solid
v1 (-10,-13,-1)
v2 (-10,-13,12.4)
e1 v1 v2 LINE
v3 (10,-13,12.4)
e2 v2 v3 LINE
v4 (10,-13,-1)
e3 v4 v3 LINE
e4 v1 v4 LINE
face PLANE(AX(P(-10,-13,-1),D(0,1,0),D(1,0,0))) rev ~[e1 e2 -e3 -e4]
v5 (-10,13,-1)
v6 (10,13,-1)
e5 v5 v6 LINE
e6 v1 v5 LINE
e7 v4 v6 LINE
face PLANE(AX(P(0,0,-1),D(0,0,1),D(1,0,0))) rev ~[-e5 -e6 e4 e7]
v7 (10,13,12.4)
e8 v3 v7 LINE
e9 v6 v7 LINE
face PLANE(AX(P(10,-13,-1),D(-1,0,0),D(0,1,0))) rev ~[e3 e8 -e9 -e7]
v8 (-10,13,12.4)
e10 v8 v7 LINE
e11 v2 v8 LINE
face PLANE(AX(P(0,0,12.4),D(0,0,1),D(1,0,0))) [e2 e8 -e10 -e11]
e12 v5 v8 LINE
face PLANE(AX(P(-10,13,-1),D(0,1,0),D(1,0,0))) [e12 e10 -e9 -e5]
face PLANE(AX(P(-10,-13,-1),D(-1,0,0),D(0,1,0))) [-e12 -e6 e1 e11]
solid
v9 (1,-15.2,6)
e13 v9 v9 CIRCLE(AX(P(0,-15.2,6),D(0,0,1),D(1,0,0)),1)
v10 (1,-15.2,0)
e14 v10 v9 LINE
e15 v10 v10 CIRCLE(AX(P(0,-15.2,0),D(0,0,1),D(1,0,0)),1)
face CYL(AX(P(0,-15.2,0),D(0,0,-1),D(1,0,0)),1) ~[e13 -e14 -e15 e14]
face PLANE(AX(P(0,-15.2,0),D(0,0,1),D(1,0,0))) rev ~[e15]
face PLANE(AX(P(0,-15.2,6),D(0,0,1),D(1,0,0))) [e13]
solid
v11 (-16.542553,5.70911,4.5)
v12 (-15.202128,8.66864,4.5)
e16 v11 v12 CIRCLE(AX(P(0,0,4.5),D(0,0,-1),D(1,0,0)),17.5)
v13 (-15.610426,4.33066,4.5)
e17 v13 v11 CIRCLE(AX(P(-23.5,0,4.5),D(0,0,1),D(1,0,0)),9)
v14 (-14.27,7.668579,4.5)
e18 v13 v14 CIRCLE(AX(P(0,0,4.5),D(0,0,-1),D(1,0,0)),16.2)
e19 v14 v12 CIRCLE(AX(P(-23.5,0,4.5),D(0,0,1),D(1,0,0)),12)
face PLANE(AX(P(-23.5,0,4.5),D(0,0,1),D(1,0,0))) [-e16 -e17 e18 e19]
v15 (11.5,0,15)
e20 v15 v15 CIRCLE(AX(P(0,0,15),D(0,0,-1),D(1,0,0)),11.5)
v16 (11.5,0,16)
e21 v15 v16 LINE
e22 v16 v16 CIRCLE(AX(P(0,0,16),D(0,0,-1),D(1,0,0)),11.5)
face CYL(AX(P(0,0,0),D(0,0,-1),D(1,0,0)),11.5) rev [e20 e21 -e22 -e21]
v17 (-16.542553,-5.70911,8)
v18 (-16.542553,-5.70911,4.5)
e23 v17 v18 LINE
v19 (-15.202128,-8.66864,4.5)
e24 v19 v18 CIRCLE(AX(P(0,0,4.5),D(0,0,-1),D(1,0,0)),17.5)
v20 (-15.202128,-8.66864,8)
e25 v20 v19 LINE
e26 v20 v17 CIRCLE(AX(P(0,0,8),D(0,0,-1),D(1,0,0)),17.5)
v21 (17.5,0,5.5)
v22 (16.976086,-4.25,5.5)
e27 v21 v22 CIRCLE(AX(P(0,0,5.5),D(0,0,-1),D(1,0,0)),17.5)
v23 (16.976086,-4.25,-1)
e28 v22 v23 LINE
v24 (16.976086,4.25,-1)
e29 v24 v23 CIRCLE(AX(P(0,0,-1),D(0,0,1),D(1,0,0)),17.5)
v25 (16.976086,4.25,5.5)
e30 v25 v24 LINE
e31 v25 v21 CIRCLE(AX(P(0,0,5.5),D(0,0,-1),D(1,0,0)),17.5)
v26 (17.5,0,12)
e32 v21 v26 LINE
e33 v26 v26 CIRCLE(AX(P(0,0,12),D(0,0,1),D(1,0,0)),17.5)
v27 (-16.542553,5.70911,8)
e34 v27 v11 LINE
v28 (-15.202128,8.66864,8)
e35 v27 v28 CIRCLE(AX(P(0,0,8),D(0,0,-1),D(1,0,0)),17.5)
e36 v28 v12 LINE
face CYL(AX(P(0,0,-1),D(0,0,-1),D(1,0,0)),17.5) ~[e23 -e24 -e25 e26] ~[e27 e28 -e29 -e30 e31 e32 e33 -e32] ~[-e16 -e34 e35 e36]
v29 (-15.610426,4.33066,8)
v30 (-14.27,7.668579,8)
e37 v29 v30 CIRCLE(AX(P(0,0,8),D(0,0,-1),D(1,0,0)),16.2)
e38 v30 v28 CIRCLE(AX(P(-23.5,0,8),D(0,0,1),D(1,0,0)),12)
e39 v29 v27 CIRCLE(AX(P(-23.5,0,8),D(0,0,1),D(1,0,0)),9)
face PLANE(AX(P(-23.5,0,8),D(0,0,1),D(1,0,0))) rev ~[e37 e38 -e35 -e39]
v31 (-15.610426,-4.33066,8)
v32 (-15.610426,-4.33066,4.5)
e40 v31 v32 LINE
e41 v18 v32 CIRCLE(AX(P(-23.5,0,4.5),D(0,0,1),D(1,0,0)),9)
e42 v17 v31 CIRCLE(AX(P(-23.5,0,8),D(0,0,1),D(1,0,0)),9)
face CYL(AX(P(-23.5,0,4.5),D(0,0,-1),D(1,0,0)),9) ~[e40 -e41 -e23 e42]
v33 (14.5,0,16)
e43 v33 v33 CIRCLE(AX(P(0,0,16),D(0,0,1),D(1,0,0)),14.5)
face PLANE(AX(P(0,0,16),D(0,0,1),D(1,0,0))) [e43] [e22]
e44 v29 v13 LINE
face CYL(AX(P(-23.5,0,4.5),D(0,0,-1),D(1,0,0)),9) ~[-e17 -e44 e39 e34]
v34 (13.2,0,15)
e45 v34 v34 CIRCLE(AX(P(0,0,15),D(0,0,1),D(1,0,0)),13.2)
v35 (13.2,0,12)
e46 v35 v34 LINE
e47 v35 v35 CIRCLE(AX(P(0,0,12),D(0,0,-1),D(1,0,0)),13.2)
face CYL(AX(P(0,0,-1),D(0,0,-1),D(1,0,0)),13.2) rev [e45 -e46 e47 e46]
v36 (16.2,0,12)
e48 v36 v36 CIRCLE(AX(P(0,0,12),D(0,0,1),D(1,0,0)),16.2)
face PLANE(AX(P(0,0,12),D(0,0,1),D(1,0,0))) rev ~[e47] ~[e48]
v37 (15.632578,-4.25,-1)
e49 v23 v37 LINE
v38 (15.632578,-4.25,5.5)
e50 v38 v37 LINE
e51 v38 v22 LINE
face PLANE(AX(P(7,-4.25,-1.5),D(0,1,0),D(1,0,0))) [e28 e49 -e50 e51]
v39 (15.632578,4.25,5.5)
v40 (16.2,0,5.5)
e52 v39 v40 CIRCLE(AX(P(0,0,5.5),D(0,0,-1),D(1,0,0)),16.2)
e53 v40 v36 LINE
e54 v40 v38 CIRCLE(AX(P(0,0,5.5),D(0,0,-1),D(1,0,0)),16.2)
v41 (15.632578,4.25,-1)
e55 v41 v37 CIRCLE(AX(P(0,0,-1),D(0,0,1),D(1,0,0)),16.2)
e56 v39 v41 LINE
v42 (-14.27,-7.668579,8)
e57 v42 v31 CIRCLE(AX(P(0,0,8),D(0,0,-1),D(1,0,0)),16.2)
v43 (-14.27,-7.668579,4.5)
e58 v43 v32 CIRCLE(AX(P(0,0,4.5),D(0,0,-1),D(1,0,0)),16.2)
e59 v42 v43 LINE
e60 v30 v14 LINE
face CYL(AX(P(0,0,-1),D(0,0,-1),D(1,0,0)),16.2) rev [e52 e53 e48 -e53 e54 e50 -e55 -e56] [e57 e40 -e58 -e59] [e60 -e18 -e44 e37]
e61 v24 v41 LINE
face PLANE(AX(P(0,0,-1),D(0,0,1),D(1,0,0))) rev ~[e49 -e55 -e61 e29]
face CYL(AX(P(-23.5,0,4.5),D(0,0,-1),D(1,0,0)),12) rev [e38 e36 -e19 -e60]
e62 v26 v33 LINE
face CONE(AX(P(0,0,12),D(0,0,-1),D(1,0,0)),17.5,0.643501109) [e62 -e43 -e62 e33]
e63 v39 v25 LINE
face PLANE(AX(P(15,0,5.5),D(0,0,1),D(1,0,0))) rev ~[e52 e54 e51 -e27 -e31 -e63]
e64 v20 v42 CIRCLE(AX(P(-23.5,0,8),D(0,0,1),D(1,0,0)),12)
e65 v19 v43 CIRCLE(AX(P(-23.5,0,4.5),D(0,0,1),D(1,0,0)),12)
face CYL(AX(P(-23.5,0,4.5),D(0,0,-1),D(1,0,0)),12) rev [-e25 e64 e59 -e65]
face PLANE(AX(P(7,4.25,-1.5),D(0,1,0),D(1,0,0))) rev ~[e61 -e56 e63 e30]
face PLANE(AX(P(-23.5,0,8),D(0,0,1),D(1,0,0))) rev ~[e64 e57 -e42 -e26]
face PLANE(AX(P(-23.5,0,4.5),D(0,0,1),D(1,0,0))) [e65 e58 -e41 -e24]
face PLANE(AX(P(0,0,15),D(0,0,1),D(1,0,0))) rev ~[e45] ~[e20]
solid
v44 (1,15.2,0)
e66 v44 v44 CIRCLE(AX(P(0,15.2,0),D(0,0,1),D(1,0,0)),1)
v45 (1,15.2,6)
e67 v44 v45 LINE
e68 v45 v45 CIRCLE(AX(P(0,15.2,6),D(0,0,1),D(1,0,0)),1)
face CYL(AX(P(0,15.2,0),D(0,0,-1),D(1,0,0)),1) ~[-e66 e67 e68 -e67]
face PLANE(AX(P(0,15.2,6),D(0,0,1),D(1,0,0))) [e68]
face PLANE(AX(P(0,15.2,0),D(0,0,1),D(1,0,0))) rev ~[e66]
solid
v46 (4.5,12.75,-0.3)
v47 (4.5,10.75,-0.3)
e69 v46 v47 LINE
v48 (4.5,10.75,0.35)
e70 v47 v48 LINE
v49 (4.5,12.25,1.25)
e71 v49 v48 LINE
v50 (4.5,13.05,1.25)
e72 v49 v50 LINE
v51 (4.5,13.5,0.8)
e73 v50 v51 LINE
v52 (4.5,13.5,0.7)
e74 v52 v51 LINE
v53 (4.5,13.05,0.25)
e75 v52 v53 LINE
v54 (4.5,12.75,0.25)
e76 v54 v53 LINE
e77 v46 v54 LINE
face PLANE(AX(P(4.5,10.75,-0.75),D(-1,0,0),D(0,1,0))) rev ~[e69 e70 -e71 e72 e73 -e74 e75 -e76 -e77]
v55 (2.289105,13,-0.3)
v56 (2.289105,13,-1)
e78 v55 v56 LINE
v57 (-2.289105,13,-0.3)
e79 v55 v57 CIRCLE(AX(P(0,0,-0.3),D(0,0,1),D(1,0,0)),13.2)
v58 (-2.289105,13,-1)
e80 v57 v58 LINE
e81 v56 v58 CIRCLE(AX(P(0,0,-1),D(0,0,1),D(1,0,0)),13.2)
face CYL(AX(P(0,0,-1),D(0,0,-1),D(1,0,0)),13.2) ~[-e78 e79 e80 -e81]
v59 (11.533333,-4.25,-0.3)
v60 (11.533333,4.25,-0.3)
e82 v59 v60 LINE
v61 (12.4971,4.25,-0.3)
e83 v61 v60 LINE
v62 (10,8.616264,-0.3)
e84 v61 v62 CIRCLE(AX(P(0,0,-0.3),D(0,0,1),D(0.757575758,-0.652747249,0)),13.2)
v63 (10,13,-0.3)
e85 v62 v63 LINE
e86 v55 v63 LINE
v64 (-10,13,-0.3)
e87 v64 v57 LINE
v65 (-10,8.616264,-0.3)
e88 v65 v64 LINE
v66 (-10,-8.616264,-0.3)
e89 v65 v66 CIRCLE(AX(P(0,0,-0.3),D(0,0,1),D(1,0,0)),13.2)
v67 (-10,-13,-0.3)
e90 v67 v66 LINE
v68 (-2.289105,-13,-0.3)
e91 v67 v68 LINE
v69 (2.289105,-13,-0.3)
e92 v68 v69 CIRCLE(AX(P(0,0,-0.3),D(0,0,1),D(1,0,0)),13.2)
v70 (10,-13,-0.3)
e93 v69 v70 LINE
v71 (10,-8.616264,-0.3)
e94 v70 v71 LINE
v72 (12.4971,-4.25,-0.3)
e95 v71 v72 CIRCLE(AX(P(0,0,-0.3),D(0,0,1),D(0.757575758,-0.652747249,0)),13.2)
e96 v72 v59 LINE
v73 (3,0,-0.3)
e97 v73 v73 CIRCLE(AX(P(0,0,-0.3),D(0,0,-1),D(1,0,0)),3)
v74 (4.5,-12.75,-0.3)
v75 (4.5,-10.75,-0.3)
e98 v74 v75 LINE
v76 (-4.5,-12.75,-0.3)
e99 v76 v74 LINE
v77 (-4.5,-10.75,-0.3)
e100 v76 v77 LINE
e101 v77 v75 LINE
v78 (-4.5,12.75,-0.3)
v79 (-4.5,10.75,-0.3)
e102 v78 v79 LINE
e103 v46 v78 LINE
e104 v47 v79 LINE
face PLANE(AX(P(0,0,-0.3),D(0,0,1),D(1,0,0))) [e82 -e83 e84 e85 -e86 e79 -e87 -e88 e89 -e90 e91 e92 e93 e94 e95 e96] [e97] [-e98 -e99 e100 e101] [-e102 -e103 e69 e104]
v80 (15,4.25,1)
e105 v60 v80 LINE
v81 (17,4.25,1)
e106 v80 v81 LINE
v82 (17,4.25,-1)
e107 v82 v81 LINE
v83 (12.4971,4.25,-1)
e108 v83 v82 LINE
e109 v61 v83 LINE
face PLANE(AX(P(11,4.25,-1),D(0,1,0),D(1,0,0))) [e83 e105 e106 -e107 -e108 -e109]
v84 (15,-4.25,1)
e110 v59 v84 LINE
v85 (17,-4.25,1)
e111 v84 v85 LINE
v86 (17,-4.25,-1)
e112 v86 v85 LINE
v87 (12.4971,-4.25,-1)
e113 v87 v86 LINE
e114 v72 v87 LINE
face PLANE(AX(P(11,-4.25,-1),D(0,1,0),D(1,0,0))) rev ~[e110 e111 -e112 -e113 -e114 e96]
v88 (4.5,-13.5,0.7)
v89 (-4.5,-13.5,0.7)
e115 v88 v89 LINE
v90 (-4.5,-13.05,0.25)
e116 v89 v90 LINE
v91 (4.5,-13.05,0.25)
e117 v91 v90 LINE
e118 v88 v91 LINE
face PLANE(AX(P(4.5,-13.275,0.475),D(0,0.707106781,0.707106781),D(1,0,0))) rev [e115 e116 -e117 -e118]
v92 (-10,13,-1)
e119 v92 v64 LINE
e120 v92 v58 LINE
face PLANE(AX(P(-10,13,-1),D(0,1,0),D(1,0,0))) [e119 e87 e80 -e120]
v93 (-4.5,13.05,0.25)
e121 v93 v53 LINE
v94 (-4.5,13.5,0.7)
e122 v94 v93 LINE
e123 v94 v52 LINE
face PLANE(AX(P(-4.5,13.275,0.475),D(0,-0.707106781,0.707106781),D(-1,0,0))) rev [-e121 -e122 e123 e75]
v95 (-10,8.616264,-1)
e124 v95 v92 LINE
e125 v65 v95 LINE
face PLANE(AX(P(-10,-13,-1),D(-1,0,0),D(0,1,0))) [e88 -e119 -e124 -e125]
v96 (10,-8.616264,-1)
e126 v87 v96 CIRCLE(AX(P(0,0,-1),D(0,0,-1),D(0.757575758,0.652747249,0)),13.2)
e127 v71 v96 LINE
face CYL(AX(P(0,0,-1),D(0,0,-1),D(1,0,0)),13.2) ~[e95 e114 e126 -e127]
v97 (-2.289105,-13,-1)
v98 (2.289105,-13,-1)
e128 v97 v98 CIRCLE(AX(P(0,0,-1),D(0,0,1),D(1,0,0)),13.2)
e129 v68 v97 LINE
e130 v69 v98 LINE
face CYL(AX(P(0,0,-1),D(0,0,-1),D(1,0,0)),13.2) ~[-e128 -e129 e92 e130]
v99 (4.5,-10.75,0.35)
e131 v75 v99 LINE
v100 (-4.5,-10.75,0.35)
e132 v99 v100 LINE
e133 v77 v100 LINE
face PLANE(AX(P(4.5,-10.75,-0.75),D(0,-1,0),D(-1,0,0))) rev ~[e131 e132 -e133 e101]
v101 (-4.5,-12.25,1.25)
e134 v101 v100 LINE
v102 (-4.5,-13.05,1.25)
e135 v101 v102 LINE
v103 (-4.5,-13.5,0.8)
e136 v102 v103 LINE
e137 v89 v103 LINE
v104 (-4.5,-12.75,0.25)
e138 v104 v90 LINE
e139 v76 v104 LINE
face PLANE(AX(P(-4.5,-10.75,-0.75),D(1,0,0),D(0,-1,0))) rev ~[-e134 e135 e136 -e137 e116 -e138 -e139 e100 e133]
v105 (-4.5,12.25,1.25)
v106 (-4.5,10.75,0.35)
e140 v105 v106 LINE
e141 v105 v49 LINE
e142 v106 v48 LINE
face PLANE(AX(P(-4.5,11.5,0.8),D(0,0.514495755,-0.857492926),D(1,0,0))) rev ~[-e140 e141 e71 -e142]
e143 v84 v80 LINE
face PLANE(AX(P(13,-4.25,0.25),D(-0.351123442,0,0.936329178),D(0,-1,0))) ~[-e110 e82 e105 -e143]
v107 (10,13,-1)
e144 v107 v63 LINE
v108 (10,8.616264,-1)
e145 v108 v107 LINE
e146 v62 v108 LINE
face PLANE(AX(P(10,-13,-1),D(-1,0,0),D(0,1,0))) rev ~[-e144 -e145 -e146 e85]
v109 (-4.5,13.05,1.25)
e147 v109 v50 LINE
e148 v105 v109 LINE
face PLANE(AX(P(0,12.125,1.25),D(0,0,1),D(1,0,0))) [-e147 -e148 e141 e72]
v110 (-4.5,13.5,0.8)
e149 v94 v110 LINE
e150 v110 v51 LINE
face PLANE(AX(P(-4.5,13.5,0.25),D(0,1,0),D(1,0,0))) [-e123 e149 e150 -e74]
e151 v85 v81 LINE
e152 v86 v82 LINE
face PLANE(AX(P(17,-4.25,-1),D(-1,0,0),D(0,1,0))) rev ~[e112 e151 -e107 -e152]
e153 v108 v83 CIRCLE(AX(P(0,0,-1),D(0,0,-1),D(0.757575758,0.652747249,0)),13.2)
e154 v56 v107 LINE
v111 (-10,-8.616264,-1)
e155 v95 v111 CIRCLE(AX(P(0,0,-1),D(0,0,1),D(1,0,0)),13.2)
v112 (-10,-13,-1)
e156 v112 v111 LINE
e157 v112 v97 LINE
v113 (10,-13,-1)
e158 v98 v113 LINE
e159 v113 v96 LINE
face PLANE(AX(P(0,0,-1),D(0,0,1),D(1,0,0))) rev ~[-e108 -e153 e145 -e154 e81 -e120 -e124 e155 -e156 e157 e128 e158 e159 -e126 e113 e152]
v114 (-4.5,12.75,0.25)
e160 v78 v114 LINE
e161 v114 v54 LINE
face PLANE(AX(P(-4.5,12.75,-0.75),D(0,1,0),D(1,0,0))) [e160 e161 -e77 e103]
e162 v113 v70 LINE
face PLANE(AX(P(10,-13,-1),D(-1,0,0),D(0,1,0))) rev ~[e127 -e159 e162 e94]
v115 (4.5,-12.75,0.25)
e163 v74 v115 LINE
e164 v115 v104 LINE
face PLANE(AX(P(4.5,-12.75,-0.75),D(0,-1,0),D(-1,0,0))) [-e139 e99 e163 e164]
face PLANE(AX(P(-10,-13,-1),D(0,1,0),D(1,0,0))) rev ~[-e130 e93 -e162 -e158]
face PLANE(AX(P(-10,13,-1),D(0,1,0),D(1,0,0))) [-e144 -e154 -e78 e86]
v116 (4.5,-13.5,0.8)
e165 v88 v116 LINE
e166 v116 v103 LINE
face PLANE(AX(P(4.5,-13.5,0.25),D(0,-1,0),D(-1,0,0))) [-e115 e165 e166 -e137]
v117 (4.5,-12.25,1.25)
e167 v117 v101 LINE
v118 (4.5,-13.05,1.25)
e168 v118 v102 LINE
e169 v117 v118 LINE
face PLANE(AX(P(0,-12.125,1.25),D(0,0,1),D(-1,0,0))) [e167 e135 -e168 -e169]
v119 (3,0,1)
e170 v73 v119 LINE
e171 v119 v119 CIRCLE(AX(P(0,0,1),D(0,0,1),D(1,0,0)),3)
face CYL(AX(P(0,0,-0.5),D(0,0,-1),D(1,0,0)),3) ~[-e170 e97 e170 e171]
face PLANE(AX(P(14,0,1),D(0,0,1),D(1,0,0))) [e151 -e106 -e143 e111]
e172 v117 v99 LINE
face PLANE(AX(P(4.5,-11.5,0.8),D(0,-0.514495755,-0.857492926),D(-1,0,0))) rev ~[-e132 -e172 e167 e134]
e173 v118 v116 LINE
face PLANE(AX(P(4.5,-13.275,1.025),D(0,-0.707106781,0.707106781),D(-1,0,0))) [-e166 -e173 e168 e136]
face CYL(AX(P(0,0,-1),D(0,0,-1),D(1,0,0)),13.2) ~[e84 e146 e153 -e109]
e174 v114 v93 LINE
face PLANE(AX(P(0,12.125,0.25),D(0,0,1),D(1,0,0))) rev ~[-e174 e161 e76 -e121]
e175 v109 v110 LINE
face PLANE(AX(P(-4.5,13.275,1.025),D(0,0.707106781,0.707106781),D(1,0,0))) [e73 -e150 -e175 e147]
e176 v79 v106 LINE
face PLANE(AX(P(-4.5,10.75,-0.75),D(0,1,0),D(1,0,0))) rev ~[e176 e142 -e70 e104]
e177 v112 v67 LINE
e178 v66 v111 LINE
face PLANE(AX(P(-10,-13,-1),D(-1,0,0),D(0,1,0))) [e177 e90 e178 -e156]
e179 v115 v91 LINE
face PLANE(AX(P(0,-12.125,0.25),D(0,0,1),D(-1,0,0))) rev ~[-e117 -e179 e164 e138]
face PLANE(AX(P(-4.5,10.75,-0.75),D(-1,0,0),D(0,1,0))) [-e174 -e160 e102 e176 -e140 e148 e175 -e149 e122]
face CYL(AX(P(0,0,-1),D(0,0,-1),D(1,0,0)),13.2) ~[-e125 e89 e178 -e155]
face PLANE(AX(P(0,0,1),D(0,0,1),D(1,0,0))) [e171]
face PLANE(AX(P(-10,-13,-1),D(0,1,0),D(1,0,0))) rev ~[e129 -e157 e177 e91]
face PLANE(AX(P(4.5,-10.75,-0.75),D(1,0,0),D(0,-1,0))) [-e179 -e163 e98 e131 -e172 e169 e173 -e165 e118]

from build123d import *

# Parameters (mm, degrees)
BOX_W                      = 20
BOX_H                      = 26
BOX_DEPTH                  = 13.4
CYLINDER007_R              = 1
CYLINDER007_DEPTH          = 6
CYLINDER008_R              = 1
CYLINDER008_DEPTH          = 6
CYLINDER002_R              = 11.5
CYLINDER002_DEPTH          = 30
BOX001_W                   = 16
BOX001_H                   = 8.5
BOX001_DEPTH               = 7
CYLINDER018_R              = 9
CYLINDER018_DEPTH          = 3.5
CYLINDER017_R              = 12
CYLINDER017_DEPTH          = 3.5
BOX006_W                   = 10
BOX006_H                   = 2
BOX006_DEPTH               = 1.5
BOX007_W                   = 10
BOX007_H                   = 2
BOX007_DEPTH               = 1.5
CYLINDER020_R              = 16.2
CYLINDER020_DEPTH          = 13
CYLINDER_R                 = 13.2
CYLINDER_DEPTH             = 16
CYLINDER006_R              = 17.5
CYLINDER006_DEPTH          = 17
CHAMFER_SIZE2              = 3
CHAMFER_SIZE               = 4
BOX002_W                   = 20
BOX002_H                   = 26
BOX002_DEPTH               = 0.7
CYLINDER016_R              = 3
CYLINDER016_DEPTH          = 1.5
BOX003_W                   = 6
BOX003_H                   = 8.5
BOX003_DEPTH               = 2
CHAMFER004_SIZE2           = 4
CHAMFER004_SIZE            = 1.5
BOX008_W                   = 9
BOX008_H                   = 2
BOX008_DEPTH               = 1
BOX004_W                   = 9
BOX004_H                   = 2.75
BOX004_DEPTH               = 1
CHAMFER005_SIZE2           = 0.9
CHAMFER005_SIZE            = 1.5
CHAMFER006_SIZE            = 0.45
CHAMFER006_PLACEMENT_ANGLE = 180
CHAMFER007_SIZE            = 0.45
CYLINDER019_R              = 13.2
CYLINDER019_DEPTH          = 0.7


with BuildPart() as batteryhole:
    # Box → Box (new body)
    with BuildSketch(Plane(origin=(-10, -13, -1), x_dir=(1, 0, 0), z_dir=(0, 0, 1))):
        with Locations((10, 13)):
            Rectangle(BOX_W, BOX_H)
    extrude(amount=BOX_DEPTH)


with BuildPart() as r_screw:
    # Cylinder007 → Cylinder007 (new body)
    with BuildSketch(Plane(origin=(0, -15.2, 0), x_dir=(1, 0, 0), z_dir=(0, 0, 1))):
        Circle(CYLINDER007_R)
    extrude(amount=CYLINDER007_DEPTH)


with BuildPart() as l_screw:
    # Cylinder008 → Cylinder008 (new body)
    with BuildSketch(Plane(origin=(0, 15.2, 0), x_dir=(1, 0, 0), z_dir=(0, 0, 1))):
        Circle(CYLINDER008_R)
    extrude(amount=CYLINDER008_DEPTH)


with BuildPart() as diffuserhole:
    # Cylinder002 → Cylinder002 (new body)
    with BuildSketch(Plane.XY):
        Circle(CYLINDER002_R)
    extrude(amount=CYLINDER002_DEPTH)


with BuildPart() as usb:
    # Box001 → Box001 (new body)
    with BuildSketch(Plane(origin=(7, -4.25, -1.5), x_dir=(1, 0, 0), z_dir=(0, 0, 1))):
        with Locations((8, 4.25)):
            Rectangle(BOX001_W, BOX001_H)
    extrude(amount=BOX001_DEPTH)


with BuildPart() as cylinder001:
    # Cylinder018 → Cylinder018 (new body)
    with BuildSketch(Plane(origin=(-23.5, 0, 4.5), x_dir=(1, 0, 0), z_dir=(0, 0, 1))):
        Circle(CYLINDER018_R)
    extrude(amount=CYLINDER018_DEPTH)


with BuildPart() as chain_channel:
    # Cylinder017 → Cylinder017 (new body)
    with BuildSketch(Plane(origin=(-23.5, 0, 4.5), x_dir=(1, 0, 0), z_dir=(0, 0, 1))):
        Circle(CYLINDER017_R)
    extrude(amount=CYLINDER017_DEPTH)

    # Cut002: cut Cylinder001
    add(cylinder001.part, mode=Mode.SUBTRACT)


with BuildPart() as tab_2_female:
    # Box006 → Box006 (new body)
    with BuildSketch(Plane(origin=(-5, -14, 0), x_dir=(1, 0, 0), z_dir=(0, 0, 1))):
        with Locations((5, 1)):
            Rectangle(BOX006_W, BOX006_H)
    extrude(amount=BOX006_DEPTH)


with BuildPart() as tab_1_female:
    # Box007 → Box007 (new body)
    with BuildSketch(Plane(origin=(-5, 12, 0), x_dir=(1, 0, 0), z_dir=(0, 0, 1))):
        with Locations((5, 1)):
            Rectangle(BOX007_W, BOX007_H)
    extrude(amount=BOX007_DEPTH)


with BuildPart() as hollow_out:
    # Cylinder020 → Cylinder020 (new body)
    with BuildSketch(Plane.XY.offset(-1)):
        Circle(CYLINDER020_R)
    extrude(amount=CYLINDER020_DEPTH)


with BuildPart() as guts:
    # Cylinder → Cylinder (new body)
    with BuildSketch(Plane.XY.offset(-1)):
        Circle(CYLINDER_R)
    extrude(amount=CYLINDER_DEPTH)

    # Fusion: union DiffuserHole, USB, Chain Channel, Tab 2 Female, Tab 1 Female, Hollow Out
    add(diffuserhole.part)
    add(usb.part)
    add(chain_channel.part)
    add(tab_2_female.part)
    add(tab_1_female.part)
    add(hollow_out.part)


with BuildPart() as front:
    # Cylinder006 → Cylinder006 (new body)
    with BuildSketch(Plane.XY.offset(-1)):
        Circle(CYLINDER006_R)
    extrude(amount=CYLINDER006_DEPTH)

    # Chamfer
    chamfer_edges = [front.edges().sort_by_distance(p)[0] for p in [
        (-17.5, 0, 16),
    ]]
    chamfer_side = front.faces().sort_by_distance((-17.5, 0, 7.5))[0]
    chamfer(chamfer_edges, length=CHAMFER_SIZE, length2=CHAMFER_SIZE2, reference=chamfer_side)

    # Cut: cut Guts
    add(guts.part, mode=Mode.SUBTRACT)


with BuildPart() as batteryhole001:
    # Box002 → Box002 (new body)
    with BuildSketch(Plane(origin=(-10, -13, -1), x_dir=(1, 0, 0), z_dir=(0, 0, 1))):
        with Locations((10, 13)):
            Rectangle(BOX002_W, BOX002_H)
    extrude(amount=BOX002_DEPTH)


with BuildPart() as button_presser:
    # Cylinder016 → Cylinder016 (new body)
    with BuildSketch(Plane.XY.offset(-0.5)):
        Circle(CYLINDER016_R)
    extrude(amount=CYLINDER016_DEPTH)


with BuildPart() as usb_cover:
    # Box003 → Box003 (new body)
    with BuildSketch(Plane(origin=(11, -4.25, -1), x_dir=(1, 0, 0), z_dir=(0, 0, 1))):
        with Locations((3, 4.25)):
            Rectangle(BOX003_W, BOX003_H)
    extrude(amount=BOX003_DEPTH)

    # Chamfer004
    chamfer004_edges = [usb_cover.edges().sort_by_distance(p)[0] for p in [
        (11, 0, 1),
    ]]
    chamfer004_side = usb_cover.faces().sort_by_distance((11, 0, 0))[0]
    chamfer(chamfer004_edges, length=CHAMFER004_SIZE, length2=CHAMFER004_SIZE2, reference=chamfer004_side)


with BuildPart() as tab_base:
    # Box008 → Box008 (new body)
    with BuildSketch(Plane(origin=(-4.5, 10.75, -0.75), x_dir=(1, 0, 0), z_dir=(0, 0, 1))):
        with Locations((4.5, 1)):
            Rectangle(BOX008_W, BOX008_H)
    extrude(amount=BOX008_DEPTH)


with BuildPart() as chamfer005:
    # Box004 → Box004 (new body)
    with BuildSketch(Plane(origin=(-4.5, 10.75, 0.25), x_dir=(1, 0, 0), z_dir=(0, 0, 1))):
        with Locations((4.5, 1.375)):
            Rectangle(BOX004_W, BOX004_H)
    extrude(amount=BOX004_DEPTH)

    # Fusion002: union Tab Base
    add(tab_base.part)

    # Chamfer005
    chamfer005_edges = [chamfer005.edges().sort_by_distance(p)[0] for p in [
        (0, 10.75, 1.25),
    ]]
    chamfer005_side = chamfer005.faces().sort_by_distance((0, 12.125, 1.25))[0]
    chamfer(chamfer005_edges, length=CHAMFER005_SIZE, length2=CHAMFER005_SIZE2, reference=chamfer005_side)


with BuildPart() as chamfer006:
    # Chamfer006 base: copy of Chamfer005
    add(chamfer005.part)

    # Chamfer006
    chamfer006_edges = [chamfer006.edges().sort_by_distance(p)[0] for p in [
        (0, 13.5, 1.25),
        (0, 13.5, 0.25),
    ]]
    chamfer(chamfer006_edges, length=CHAMFER006_SIZE)


with BuildPart() as chamfer006_1:
    # Chamfer006 placement: moved
    add(chamfer006.part.rotate(Axis((0, 0, 0), (0, 0, 1)), CHAMFER006_PLACEMENT_ANGLE))


with BuildPart() as chamfer007:
    # Chamfer007 base: copy of Chamfer005
    add(chamfer005.part)

    # Chamfer007
    chamfer007_edges = [chamfer007.edges().sort_by_distance(p)[0] for p in [
        (0, 13.5, 1.25),
        (0, 13.5, 0.25),
    ]]
    chamfer(chamfer007_edges, length=CHAMFER007_SIZE)


with BuildPart() as back:
    # Cylinder019 → Cylinder019 (new body)
    with BuildSketch(Plane.XY.offset(-1)):
        Circle(CYLINDER019_R)
    extrude(amount=CYLINDER019_DEPTH)

    # Fusion001: union BatteryHole001, Button Presser, USB Cover, Chamfer006, Chamfer007
    add(batteryhole001.part)
    add(button_presser.part)
    add(usb_cover.part)
    add(chamfer006_1.part)
    add(chamfer007.part)


solid = Compound([batteryhole.part, r_screw.part, l_screw.part, front.part, back.part])
